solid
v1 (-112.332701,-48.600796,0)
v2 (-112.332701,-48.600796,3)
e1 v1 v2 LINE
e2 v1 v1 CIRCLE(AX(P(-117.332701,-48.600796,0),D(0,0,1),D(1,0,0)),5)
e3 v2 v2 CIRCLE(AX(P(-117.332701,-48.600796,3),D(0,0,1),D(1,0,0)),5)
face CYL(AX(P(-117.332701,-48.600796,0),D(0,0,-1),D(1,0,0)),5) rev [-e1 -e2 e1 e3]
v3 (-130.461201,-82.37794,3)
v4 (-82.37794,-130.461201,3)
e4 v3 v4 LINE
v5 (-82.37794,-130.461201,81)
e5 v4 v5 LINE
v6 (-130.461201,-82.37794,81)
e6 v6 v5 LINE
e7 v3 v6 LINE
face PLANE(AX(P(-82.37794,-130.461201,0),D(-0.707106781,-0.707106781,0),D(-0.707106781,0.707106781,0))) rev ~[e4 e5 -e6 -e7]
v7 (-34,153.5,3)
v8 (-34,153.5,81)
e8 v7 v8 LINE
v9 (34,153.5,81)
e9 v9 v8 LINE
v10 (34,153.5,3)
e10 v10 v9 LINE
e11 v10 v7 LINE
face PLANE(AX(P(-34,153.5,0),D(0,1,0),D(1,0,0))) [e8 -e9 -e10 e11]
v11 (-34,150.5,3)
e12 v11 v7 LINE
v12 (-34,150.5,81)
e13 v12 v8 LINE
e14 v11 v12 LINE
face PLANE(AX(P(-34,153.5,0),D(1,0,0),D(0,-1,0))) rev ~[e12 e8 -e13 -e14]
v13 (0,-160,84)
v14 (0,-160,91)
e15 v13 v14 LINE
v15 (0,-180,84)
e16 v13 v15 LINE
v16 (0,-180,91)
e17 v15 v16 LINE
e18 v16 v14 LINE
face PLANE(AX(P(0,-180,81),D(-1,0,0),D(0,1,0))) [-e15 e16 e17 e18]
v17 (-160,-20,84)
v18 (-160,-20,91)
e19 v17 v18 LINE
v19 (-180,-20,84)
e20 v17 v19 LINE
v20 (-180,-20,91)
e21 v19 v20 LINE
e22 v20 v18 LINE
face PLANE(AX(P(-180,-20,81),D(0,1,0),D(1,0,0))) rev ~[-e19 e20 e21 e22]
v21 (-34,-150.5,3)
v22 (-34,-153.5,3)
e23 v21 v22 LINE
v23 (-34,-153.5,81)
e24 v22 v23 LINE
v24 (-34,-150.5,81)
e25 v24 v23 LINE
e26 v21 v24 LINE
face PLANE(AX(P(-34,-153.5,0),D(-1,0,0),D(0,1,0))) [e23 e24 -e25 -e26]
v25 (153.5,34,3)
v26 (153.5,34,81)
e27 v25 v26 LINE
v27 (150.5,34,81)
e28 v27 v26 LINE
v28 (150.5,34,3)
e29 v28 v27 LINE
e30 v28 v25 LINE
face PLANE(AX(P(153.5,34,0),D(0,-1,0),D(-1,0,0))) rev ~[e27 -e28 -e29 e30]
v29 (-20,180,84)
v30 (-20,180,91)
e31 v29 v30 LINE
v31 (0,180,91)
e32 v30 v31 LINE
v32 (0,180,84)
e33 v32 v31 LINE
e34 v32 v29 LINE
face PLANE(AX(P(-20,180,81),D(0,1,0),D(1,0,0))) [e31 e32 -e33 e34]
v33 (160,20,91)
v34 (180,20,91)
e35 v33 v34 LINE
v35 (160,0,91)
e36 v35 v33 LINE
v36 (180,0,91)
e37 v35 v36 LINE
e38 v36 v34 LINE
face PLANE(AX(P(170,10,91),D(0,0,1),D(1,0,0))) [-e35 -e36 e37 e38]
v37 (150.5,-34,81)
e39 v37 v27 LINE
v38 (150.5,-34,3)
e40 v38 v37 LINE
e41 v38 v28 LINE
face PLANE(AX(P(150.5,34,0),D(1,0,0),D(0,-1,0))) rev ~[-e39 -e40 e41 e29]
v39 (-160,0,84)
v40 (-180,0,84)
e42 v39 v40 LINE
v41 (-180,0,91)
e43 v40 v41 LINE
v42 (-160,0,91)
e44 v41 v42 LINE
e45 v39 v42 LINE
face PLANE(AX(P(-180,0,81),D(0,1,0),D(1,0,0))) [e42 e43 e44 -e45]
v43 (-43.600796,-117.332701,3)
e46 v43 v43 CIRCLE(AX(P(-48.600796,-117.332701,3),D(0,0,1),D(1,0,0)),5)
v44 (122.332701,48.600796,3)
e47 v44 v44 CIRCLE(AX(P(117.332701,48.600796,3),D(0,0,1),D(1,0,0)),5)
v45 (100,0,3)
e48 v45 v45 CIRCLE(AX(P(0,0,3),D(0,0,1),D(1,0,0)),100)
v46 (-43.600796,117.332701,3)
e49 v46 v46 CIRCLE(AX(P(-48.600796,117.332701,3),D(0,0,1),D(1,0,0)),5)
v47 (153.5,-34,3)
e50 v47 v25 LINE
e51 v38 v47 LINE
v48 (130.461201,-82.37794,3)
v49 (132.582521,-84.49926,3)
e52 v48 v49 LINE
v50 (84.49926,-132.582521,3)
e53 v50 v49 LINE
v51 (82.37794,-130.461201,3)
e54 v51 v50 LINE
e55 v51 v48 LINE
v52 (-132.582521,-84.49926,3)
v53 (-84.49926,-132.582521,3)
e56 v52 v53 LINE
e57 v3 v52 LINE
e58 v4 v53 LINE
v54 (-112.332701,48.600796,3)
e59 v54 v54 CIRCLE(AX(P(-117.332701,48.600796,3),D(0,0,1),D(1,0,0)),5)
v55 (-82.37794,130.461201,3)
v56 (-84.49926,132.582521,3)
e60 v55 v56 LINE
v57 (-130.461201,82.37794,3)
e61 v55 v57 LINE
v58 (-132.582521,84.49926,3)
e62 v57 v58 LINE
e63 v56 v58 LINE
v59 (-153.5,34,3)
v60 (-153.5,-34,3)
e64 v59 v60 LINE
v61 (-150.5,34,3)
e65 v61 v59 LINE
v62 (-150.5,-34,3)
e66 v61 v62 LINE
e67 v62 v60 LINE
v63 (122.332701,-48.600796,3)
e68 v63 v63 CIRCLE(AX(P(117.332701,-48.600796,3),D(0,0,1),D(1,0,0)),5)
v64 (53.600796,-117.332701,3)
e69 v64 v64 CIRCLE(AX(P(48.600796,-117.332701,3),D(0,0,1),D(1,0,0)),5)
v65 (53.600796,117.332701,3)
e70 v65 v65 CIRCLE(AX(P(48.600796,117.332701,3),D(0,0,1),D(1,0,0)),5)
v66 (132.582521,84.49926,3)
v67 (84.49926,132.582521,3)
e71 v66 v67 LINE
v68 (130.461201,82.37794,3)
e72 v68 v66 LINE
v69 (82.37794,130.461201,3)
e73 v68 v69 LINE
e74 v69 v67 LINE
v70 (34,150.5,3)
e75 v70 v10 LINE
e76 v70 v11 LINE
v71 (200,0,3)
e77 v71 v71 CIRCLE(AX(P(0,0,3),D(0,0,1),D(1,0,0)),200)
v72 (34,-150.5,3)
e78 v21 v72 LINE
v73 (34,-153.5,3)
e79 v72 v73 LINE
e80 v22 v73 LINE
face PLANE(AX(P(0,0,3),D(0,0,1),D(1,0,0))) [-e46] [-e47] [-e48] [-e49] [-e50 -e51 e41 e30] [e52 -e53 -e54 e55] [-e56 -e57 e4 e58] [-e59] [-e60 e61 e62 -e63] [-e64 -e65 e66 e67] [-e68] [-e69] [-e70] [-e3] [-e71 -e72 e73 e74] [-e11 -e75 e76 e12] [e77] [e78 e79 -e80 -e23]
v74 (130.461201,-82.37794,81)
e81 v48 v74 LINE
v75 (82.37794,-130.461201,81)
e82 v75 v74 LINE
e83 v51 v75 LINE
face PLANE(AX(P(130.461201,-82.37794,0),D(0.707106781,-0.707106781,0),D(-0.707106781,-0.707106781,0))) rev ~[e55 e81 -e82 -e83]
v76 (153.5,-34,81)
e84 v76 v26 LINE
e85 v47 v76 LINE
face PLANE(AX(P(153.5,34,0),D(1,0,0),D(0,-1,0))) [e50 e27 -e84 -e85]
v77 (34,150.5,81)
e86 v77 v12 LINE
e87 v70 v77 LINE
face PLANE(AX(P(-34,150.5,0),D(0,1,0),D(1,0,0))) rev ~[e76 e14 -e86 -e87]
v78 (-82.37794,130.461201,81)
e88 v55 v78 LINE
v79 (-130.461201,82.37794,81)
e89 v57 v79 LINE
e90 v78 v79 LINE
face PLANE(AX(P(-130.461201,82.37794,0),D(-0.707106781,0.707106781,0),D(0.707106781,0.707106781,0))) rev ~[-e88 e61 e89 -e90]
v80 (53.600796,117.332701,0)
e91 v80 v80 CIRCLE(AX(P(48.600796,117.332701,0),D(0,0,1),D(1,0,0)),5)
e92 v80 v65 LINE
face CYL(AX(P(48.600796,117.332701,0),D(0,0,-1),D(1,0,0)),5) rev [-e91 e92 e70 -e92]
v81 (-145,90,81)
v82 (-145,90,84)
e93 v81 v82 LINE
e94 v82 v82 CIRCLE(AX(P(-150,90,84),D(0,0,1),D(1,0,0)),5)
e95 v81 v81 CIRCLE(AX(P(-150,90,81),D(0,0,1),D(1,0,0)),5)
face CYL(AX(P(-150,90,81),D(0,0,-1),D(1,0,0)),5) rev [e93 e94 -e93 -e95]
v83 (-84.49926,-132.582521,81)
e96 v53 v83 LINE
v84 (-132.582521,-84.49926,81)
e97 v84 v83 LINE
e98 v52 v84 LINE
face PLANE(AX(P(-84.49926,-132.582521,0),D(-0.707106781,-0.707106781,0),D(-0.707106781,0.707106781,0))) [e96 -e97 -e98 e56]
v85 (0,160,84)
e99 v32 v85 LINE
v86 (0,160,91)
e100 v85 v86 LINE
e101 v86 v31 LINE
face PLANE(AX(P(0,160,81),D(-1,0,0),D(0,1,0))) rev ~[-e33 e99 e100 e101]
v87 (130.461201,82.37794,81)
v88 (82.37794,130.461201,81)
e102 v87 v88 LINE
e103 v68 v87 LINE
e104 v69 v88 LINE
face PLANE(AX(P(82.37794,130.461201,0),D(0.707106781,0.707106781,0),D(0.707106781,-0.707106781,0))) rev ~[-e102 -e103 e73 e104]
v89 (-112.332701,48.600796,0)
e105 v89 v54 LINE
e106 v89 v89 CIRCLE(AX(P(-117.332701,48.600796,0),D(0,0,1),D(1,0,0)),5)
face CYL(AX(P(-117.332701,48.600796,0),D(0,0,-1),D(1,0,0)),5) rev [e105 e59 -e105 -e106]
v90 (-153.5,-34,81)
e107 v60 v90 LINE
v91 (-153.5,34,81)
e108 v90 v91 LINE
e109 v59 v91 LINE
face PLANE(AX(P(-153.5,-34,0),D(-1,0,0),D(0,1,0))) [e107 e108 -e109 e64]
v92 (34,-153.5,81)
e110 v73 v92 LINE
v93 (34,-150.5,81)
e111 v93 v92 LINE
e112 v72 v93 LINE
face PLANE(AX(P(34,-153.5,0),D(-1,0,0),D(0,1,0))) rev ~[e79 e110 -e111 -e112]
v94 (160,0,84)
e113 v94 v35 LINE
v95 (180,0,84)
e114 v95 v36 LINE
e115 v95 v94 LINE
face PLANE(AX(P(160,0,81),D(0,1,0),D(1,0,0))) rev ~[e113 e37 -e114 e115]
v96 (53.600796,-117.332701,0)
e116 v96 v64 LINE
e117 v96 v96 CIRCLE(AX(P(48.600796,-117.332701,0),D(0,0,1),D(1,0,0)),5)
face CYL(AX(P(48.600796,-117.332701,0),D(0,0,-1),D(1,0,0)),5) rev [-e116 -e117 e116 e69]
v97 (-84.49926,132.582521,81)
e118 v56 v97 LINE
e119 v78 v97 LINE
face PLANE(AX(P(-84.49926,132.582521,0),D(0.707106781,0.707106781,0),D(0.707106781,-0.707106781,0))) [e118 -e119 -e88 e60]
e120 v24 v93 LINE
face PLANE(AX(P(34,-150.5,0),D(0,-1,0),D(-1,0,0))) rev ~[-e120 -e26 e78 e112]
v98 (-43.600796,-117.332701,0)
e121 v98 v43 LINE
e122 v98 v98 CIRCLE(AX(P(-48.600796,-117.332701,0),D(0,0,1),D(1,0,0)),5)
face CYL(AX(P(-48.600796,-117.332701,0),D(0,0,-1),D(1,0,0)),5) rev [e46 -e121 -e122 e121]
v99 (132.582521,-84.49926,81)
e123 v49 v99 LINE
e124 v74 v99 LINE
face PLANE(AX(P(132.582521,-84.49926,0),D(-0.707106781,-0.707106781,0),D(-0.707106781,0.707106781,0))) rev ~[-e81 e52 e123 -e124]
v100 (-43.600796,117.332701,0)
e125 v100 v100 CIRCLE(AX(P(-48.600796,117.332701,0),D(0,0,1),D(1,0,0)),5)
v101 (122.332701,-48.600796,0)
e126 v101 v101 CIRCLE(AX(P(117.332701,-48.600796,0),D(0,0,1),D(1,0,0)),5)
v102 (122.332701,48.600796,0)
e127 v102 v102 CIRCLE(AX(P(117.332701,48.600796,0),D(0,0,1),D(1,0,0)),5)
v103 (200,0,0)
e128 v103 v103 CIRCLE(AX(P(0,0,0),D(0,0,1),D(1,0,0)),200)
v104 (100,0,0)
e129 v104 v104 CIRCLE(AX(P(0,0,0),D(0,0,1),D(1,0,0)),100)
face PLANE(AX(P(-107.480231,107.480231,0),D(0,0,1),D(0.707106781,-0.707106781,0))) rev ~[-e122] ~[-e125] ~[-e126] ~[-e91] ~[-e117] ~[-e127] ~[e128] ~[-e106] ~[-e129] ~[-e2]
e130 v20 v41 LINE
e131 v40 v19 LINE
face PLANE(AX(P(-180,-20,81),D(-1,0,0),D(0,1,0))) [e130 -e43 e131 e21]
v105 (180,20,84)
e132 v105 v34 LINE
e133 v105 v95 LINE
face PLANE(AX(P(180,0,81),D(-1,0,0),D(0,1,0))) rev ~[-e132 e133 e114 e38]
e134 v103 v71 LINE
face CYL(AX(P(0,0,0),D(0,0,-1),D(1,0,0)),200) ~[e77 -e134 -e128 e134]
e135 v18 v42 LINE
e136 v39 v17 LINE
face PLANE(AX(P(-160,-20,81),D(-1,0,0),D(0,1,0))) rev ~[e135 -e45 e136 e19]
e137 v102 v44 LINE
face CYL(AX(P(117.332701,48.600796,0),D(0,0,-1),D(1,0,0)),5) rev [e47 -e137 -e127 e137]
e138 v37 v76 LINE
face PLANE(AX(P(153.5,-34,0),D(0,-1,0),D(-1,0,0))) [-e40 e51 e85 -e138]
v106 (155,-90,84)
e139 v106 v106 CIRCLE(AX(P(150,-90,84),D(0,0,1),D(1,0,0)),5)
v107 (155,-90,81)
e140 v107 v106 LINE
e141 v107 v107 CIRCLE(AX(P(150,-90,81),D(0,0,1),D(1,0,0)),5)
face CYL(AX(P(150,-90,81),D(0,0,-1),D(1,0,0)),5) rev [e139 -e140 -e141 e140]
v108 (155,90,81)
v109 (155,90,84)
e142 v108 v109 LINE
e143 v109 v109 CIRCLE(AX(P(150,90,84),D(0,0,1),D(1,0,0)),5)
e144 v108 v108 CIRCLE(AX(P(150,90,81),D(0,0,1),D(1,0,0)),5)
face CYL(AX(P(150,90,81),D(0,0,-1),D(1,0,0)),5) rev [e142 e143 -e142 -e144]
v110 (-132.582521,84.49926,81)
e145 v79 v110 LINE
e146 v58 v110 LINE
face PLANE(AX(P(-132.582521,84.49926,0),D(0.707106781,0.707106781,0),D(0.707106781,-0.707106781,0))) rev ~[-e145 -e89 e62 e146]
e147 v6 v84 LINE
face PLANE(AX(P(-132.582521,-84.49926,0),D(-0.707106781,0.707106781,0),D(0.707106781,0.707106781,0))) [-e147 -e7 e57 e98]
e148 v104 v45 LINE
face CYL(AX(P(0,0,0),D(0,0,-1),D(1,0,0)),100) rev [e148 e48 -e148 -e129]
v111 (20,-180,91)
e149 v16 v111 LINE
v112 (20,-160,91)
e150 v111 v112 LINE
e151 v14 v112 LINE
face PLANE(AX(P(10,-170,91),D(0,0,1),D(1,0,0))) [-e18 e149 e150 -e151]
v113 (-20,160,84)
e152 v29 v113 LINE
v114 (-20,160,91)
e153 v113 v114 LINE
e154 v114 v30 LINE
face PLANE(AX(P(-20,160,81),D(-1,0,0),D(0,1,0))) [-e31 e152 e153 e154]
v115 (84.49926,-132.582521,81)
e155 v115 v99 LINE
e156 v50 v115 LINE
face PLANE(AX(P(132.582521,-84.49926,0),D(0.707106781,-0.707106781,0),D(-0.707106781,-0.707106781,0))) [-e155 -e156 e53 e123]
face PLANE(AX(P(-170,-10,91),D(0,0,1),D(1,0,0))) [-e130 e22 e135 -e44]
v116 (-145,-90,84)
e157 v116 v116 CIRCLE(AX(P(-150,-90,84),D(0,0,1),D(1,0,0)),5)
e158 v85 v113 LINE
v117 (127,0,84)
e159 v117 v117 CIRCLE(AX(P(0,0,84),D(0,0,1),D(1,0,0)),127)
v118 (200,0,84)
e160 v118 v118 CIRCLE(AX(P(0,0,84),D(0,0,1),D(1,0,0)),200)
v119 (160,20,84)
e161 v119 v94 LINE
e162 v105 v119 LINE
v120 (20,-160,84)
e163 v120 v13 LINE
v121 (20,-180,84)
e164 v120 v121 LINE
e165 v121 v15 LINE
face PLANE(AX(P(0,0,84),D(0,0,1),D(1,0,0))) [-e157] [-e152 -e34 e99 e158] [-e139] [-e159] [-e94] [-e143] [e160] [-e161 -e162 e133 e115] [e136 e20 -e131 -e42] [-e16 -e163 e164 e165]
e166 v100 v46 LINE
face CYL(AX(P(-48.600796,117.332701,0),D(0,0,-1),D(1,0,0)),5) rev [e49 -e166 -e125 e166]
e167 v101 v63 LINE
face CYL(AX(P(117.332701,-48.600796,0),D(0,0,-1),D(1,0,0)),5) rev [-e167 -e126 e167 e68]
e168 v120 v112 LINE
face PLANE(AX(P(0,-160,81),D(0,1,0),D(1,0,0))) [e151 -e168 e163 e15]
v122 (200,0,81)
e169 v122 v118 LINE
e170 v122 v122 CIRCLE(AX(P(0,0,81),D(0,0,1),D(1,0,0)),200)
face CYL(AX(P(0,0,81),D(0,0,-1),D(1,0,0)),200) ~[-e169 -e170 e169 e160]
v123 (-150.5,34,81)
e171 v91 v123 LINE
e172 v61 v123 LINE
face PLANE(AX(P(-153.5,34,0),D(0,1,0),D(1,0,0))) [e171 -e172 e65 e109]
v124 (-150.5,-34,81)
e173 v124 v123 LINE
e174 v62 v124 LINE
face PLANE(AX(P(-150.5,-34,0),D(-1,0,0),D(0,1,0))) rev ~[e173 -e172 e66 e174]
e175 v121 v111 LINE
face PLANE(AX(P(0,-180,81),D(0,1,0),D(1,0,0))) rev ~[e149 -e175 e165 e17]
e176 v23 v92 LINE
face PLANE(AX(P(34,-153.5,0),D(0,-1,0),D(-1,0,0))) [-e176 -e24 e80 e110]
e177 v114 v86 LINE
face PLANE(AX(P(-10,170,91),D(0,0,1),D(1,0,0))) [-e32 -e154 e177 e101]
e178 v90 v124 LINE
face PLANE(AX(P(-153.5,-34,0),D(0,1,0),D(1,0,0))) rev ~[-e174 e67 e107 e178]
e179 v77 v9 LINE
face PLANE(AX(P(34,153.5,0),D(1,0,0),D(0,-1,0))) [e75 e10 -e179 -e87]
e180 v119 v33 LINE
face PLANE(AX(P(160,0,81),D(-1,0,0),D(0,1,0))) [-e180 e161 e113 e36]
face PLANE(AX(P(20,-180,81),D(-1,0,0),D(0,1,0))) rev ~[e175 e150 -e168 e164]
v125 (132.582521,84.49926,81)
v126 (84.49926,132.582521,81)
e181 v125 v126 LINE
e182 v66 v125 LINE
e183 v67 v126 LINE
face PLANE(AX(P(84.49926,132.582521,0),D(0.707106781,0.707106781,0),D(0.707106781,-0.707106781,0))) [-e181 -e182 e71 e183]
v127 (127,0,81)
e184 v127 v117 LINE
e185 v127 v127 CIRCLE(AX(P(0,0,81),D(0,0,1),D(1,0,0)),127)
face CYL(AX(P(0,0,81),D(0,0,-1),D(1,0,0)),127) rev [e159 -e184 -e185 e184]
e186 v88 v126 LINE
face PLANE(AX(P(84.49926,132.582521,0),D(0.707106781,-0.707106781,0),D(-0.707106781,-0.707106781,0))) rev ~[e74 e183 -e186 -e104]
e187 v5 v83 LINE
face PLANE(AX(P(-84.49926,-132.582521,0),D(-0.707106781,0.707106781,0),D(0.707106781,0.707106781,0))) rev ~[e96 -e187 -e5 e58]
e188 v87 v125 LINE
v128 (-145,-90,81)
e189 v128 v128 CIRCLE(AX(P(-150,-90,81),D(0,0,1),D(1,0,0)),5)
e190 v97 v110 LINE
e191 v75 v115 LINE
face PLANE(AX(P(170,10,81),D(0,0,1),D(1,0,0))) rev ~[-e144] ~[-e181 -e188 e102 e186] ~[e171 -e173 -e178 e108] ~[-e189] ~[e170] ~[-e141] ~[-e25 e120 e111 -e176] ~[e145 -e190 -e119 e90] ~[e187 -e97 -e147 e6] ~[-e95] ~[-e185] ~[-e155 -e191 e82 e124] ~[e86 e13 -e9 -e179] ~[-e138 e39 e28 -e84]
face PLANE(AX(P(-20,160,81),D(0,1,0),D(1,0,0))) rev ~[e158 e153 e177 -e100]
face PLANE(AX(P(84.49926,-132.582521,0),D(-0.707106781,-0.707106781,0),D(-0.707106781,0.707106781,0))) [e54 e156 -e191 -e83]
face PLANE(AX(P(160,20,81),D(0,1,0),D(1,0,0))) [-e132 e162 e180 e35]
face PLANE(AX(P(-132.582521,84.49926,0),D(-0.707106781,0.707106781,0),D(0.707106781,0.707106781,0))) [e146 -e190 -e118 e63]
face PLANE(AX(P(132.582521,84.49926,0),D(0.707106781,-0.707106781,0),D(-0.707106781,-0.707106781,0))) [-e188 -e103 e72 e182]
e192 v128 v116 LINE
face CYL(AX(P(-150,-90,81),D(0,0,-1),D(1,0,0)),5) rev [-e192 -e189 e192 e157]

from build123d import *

# Parameters (mm, degrees)
SKETCH_R           = 200
SKETCH_R_2         = 100
SKETCH_R_3         = 5
PAD_DEPTH          = 3
SKETCH001_W        = 3
SKETCH001_H        = 68
PAD001_DEPTH       = 84
SKETCH002_R        = 200
SKETCH002_R_2      = 127
SKETCH002_R_3      = 5
PAD002_DEPTH       = 3
POLARPATTERN_COUNT = 8
SKETCH003_W        = 20
SKETCH003_H        = 20
PAD003_DEPTH       = 10


with BuildPart() as part:
    # Sketch → Pad (new body)
    with BuildSketch(Plane.XY):
        Circle(SKETCH_R)
        Circle(SKETCH_R_2, mode=Mode.SUBTRACT)
        with Locations((-117.332701, 48.600796)):
            Circle(SKETCH_R_3, mode=Mode.SUBTRACT)
        with Locations((-48.600796, 117.332701)):
            Circle(SKETCH_R_3, mode=Mode.SUBTRACT)
        with Locations((48.600796, 117.332701)):
            Circle(SKETCH_R_3, mode=Mode.SUBTRACT)
        with Locations((117.332701, 48.600796)):
            Circle(SKETCH_R_3, mode=Mode.SUBTRACT)
        with Locations((117.332701, -48.600796)):
            Circle(SKETCH_R_3, mode=Mode.SUBTRACT)
        with Locations((48.600796, -117.332701)):
            Circle(SKETCH_R_3, mode=Mode.SUBTRACT)
        with Locations((-48.600796, -117.332701)):
            Circle(SKETCH_R_3, mode=Mode.SUBTRACT)
        with Locations((-117.332701, -48.600796)):
            Circle(SKETCH_R_3, mode=Mode.SUBTRACT)
    extrude(amount=PAD_DEPTH)

    # Sketch001 → Pad001 (join)
    with BuildSketch(Plane.XY):
        with Locations((-152, 0)):
            Rectangle(SKETCH001_W, SKETCH001_H)
    pad001 = extrude(amount=PAD001_DEPTH)

    # Sketch002 (on DatumPlane) → Pad002 (join)
    with BuildSketch(Plane.XY.offset(81)):
        Circle(SKETCH002_R)
        Circle(SKETCH002_R_2, mode=Mode.SUBTRACT)
        with Locations((-150, 90)):
            Circle(SKETCH002_R_3, mode=Mode.SUBTRACT)
        with Locations((-150, -90)):
            Circle(SKETCH002_R_3, mode=Mode.SUBTRACT)
        with Locations((150, 90)):
            Circle(SKETCH002_R_3, mode=Mode.SUBTRACT)
        with Locations((150, -90)):
            Circle(SKETCH002_R_3, mode=Mode.SUBTRACT)
    extrude(amount=PAD002_DEPTH)

    # PolarPattern: Pad001 ×8 about axis
    polarpattern_axis = Axis((0, 0, 0), (0, 0, 1))
    for i in range(1, POLARPATTERN_COUNT):
        add(pad001.rotate(polarpattern_axis, i * 360 / POLARPATTERN_COUNT))

    # Sketch003 (on DatumPlane) → Pad003 (join)
    with BuildSketch(Plane.XY.offset(81)):
        with Locations((170, 10)):
            Rectangle(SKETCH003_W, SKETCH003_H)
        with Locations((-10, 170)):
            Rectangle(SKETCH003_W, SKETCH003_H)
        with Locations((-170, -10)):
            Rectangle(SKETCH003_W, SKETCH003_H)
        with Locations((10, -170)):
            Rectangle(SKETCH003_W, SKETCH003_H)
    extrude(amount=PAD003_DEPTH)


solid = part.part
